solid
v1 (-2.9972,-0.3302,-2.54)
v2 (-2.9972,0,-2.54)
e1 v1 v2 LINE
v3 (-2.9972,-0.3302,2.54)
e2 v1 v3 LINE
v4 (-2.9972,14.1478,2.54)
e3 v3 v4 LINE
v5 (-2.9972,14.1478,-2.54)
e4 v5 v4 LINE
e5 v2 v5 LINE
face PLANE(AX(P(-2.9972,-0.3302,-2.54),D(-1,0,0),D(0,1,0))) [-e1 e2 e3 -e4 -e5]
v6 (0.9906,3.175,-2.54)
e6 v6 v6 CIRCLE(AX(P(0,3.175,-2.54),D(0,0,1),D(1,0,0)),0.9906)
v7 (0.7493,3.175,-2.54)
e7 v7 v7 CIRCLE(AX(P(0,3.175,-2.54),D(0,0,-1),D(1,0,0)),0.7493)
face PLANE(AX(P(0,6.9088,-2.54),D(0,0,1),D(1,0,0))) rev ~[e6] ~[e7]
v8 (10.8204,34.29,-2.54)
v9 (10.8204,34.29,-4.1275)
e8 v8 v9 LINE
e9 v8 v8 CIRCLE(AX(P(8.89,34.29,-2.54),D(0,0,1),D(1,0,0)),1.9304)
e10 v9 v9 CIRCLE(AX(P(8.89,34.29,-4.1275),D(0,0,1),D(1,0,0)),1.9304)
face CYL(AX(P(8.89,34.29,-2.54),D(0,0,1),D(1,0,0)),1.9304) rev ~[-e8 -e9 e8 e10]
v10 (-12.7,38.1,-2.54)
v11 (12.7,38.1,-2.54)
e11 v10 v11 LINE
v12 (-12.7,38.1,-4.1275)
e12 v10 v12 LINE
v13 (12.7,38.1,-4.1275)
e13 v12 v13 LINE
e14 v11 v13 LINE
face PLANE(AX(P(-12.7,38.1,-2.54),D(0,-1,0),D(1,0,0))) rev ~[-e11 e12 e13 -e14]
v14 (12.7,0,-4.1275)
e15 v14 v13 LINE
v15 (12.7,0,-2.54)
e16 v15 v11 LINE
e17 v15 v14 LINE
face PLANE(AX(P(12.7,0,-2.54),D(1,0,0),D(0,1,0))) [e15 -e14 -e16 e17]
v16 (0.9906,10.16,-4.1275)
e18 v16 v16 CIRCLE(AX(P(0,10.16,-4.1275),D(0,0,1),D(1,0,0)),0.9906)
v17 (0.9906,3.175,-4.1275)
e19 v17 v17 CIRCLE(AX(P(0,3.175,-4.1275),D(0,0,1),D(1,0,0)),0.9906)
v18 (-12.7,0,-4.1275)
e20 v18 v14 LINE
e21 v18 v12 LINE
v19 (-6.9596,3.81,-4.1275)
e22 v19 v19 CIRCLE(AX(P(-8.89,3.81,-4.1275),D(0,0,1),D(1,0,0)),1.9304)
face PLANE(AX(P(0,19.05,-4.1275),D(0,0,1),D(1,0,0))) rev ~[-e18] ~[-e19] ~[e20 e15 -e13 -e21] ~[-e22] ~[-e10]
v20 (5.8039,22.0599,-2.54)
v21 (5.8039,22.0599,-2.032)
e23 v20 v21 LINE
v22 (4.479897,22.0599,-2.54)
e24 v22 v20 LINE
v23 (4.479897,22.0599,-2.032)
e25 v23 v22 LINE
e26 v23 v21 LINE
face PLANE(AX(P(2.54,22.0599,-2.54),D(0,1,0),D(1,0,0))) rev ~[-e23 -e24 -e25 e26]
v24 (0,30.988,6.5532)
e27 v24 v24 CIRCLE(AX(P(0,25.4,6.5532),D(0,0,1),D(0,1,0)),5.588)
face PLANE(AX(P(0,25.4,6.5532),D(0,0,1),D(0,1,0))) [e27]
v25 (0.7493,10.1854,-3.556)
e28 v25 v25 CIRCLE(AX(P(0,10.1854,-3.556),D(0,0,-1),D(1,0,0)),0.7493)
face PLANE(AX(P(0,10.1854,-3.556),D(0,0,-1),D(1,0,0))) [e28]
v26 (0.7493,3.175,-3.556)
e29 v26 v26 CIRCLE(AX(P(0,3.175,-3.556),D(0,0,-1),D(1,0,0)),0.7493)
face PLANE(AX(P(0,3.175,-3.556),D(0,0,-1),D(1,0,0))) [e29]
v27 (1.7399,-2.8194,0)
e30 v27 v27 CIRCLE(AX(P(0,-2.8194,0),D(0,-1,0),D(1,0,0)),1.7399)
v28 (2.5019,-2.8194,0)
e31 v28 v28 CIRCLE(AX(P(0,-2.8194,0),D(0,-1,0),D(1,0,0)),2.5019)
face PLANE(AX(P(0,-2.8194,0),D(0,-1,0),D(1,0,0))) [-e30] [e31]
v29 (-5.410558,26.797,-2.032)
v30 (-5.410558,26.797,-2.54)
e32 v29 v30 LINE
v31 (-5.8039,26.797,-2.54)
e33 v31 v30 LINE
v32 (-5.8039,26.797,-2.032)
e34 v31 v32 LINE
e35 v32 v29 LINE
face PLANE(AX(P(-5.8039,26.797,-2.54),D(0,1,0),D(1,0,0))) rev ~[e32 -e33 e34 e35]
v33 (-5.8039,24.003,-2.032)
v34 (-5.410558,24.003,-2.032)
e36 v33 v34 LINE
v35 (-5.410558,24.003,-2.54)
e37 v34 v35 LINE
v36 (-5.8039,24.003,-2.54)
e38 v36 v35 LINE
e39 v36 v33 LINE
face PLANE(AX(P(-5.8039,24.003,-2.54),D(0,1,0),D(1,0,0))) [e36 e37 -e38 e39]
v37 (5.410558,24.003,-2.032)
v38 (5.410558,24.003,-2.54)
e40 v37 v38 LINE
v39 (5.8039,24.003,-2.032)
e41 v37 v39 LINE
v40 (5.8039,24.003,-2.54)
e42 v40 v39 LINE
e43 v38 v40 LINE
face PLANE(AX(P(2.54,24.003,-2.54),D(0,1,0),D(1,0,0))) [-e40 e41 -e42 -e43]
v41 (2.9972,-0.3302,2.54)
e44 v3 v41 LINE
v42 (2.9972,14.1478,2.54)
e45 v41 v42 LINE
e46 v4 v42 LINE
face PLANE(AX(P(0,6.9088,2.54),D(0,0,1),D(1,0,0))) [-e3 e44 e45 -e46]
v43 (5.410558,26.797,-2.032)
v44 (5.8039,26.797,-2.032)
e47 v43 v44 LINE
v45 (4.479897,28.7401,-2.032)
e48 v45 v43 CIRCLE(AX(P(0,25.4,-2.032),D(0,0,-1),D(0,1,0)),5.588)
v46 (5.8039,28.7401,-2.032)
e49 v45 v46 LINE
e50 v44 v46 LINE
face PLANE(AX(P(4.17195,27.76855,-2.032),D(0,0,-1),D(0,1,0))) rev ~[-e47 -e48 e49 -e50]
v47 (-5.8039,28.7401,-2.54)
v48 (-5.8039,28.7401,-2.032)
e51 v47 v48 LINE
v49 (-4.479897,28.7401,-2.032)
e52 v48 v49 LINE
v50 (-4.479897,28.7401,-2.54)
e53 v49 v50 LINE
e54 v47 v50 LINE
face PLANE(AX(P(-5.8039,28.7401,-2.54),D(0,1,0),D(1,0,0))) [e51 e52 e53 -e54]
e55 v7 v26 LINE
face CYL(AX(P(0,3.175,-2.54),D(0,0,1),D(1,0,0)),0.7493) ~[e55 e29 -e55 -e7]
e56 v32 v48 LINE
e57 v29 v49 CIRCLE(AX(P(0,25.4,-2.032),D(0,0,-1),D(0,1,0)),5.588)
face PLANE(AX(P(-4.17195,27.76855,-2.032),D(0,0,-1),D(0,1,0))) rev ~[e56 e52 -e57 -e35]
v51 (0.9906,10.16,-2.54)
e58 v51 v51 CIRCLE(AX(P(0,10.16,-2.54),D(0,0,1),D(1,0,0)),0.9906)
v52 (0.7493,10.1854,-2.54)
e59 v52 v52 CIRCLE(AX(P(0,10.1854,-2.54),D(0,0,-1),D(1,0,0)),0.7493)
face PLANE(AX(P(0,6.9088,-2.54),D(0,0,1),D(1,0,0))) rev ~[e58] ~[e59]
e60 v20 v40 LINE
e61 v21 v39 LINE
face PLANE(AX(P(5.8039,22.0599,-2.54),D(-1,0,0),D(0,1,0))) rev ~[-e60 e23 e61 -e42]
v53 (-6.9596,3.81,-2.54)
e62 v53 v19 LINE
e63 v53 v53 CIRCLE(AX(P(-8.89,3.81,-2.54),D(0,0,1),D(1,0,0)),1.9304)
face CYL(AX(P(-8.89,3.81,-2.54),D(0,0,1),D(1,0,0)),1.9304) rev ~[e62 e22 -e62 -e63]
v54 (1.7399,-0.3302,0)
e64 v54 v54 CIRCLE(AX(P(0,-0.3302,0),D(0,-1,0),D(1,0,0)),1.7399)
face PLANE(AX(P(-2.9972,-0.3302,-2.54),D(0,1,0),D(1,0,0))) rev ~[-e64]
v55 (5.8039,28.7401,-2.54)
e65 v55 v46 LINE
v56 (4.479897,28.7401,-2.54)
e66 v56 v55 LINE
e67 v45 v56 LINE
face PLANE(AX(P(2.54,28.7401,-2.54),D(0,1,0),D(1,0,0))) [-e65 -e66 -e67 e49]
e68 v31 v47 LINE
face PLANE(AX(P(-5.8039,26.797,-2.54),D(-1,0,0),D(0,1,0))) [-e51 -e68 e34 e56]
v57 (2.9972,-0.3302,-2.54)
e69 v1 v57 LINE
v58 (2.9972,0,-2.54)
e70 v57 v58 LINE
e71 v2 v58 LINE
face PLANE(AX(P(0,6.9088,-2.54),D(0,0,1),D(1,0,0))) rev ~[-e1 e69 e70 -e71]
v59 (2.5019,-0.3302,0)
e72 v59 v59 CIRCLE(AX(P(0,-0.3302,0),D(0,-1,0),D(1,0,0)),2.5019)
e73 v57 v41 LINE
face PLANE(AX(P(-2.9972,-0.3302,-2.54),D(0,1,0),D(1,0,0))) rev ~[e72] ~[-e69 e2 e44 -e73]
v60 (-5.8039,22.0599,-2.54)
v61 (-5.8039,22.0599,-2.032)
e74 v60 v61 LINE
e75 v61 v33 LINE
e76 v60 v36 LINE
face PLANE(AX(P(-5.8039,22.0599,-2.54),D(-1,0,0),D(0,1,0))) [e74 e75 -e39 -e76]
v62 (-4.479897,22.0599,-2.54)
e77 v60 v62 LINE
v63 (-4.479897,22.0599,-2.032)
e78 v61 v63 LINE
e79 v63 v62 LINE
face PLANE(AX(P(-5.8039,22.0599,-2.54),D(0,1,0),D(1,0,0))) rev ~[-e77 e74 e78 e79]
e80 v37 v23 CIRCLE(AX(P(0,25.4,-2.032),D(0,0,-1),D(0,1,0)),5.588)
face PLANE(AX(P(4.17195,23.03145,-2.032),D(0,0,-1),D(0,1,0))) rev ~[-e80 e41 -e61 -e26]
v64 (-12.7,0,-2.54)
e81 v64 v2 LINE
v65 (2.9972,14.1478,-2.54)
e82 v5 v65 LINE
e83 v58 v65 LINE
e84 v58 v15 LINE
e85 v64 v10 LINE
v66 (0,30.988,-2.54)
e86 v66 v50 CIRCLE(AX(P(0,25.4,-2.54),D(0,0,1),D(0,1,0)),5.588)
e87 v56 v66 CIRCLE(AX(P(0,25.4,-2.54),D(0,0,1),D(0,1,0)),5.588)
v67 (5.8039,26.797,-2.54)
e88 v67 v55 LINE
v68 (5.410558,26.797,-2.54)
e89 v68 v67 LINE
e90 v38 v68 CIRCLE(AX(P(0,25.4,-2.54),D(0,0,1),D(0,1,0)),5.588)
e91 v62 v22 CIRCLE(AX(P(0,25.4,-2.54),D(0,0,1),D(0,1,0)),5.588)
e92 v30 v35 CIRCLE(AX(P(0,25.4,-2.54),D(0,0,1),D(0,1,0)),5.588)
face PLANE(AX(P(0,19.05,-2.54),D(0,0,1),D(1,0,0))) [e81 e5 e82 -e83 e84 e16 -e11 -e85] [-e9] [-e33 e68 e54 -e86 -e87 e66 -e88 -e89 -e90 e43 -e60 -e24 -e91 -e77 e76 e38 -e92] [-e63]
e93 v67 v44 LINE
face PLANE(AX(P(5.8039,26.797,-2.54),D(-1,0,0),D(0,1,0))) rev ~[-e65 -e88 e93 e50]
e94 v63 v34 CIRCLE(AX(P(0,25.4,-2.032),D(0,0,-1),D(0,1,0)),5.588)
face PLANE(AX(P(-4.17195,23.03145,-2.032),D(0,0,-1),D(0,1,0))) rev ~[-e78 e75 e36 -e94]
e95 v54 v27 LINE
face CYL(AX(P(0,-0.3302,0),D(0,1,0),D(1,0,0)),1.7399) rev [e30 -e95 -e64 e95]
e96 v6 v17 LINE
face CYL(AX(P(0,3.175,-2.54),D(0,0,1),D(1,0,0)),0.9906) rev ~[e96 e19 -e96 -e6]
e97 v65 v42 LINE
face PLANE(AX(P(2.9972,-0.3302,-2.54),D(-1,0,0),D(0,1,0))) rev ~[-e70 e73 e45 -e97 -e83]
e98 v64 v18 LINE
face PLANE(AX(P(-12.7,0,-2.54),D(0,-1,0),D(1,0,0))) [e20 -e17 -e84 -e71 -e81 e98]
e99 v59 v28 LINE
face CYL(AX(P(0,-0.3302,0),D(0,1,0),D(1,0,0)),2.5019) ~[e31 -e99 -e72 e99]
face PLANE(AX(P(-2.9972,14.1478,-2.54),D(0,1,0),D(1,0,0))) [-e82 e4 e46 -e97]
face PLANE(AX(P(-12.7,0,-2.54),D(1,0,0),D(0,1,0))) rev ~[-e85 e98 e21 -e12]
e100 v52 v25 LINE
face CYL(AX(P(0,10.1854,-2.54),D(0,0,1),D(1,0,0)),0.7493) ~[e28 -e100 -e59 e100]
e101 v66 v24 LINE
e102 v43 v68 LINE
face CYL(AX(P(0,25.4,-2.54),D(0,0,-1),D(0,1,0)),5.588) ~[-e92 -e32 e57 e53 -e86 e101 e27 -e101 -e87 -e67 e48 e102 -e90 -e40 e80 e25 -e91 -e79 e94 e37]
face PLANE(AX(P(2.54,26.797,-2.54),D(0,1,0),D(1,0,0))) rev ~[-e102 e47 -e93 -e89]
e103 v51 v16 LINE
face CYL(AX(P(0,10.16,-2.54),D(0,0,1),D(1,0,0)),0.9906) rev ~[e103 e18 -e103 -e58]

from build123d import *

# Parameters (mm, degrees)
SKETCH003_R             = 5.588
PAD003_DEPTH            = 9.0932
SKETCH004_W             = 1.9431
SKETCH004_H             = 3.2639
PAD004_DEPTH            = 0.508
BODY003_PLACEMENT_ANGLE = 90
SKETCH005_W             = 25.4
SKETCH005_H             = 38.1
SKETCH005_R             = 1.9304
SKETCH005_R_2           = 0.9906
PAD005_DEPTH            = 1.5875
SKETCH_W                = 5.9944
SKETCH_H                = 14.478
PAD_DEPTH               = 5.08
SKETCH001_R             = 2.5019
SKETCH001_R_2           = 1.7399
PAD001_DEPTH            = 2.4892
SKETCH002_R             = 0.7493
PAD002_DEPTH            = 1.016


with BuildPart() as switch_clone:
    # Sketch003 → Pad003 (new body)
    with BuildSketch(Plane.XY):
        Circle(SKETCH003_R)
    extrude(amount=PAD003_DEPTH)

    # Sketch004 (on Face2 of Pad003) → Pad004 (join)
    with BuildSketch(Plane(origin=(0, 0, 0), x_dir=(1, 0, 0), z_dir=(0, 0, -1))):
        with Locations((-2.36855, 4.17195)):
            Rectangle(SKETCH004_W, SKETCH004_H)
        with Locations((2.36855, 4.17195)):
            Rectangle(SKETCH004_W, SKETCH004_H)
        with Locations((2.36855, -4.17195)):
            Rectangle(SKETCH004_W, SKETCH004_H)
        with Locations((-2.36855, -4.17195)):
            Rectangle(SKETCH004_W, SKETCH004_H)
    extrude(amount=-PAD004_DEPTH)


with BuildPart() as switch_clone_1:
    # Body003 placement: moved
    add(switch_clone.part.moved(Location((0, 25.4, 0))).rotate(Axis((0, 25.4, 0), (0, 0, 1)), BODY003_PLACEMENT_ANGLE))


with BuildPart() as bare_pcb_clone:
    # Sketch005 → Pad005 (new body)
    with BuildSketch(Plane.XY):
        with Locations((0, 19.05)):
            Rectangle(SKETCH005_W, SKETCH005_H)
        with Locations((-8.89, 3.81)):
            Circle(SKETCH005_R, mode=Mode.SUBTRACT)
        with Locations((8.89, 34.29)):
            Circle(SKETCH005_R, mode=Mode.SUBTRACT)
        with Locations((0, 3.175)):
            Circle(SKETCH005_R_2, mode=Mode.SUBTRACT)
        with Locations((0, 10.16)):
            Circle(SKETCH005_R_2, mode=Mode.SUBTRACT)
    extrude(amount=-PAD005_DEPTH)


with BuildPart() as populated_pcb_clone:
    # Sketch → Pad (new body)
    with BuildSketch(Plane.XY):
        with Locations((0, 7.239)):
            Rectangle(SKETCH_W, SKETCH_H)
    extrude(amount=PAD_DEPTH)

    # Sketch001 (on Face3 of Pad) → Pad001 (join)
    with BuildSketch(Plane.XZ):
        with Locations((0, 2.54)):
            Circle(SKETCH001_R)
        with Locations((0, 2.54)):
            Circle(SKETCH001_R_2, mode=Mode.SUBTRACT)
    extrude(amount=PAD001_DEPTH)

    # Sketch002 (on Face4 of Pad001) → Pad002 (join)
    with BuildSketch(Plane(origin=(0, 0, 0), x_dir=(1, 0, 0), z_dir=(0, 0, -1))):
        with Locations((0, -3.5052)):
            Circle(SKETCH002_R)
        with Locations((0, -10.5156)):
            Circle(SKETCH002_R)
    extrude(amount=PAD002_DEPTH)


with BuildPart() as populated_pcb_clone_1:
    # Body002 placement: moved
    add(populated_pcb_clone.part.moved(Location((0, -0.3302, 0))))

    # Fusion: union switch clone, bare pcb clone
    add(switch_clone_1.part)
    add(bare_pcb_clone.part)


with BuildPart() as populated_pcb_clone_2:
    # Body006 placement: moved
    add(populated_pcb_clone_1.part.moved(Location((0, 0, -2.54))))


solid = populated_pcb_clone_2.part
